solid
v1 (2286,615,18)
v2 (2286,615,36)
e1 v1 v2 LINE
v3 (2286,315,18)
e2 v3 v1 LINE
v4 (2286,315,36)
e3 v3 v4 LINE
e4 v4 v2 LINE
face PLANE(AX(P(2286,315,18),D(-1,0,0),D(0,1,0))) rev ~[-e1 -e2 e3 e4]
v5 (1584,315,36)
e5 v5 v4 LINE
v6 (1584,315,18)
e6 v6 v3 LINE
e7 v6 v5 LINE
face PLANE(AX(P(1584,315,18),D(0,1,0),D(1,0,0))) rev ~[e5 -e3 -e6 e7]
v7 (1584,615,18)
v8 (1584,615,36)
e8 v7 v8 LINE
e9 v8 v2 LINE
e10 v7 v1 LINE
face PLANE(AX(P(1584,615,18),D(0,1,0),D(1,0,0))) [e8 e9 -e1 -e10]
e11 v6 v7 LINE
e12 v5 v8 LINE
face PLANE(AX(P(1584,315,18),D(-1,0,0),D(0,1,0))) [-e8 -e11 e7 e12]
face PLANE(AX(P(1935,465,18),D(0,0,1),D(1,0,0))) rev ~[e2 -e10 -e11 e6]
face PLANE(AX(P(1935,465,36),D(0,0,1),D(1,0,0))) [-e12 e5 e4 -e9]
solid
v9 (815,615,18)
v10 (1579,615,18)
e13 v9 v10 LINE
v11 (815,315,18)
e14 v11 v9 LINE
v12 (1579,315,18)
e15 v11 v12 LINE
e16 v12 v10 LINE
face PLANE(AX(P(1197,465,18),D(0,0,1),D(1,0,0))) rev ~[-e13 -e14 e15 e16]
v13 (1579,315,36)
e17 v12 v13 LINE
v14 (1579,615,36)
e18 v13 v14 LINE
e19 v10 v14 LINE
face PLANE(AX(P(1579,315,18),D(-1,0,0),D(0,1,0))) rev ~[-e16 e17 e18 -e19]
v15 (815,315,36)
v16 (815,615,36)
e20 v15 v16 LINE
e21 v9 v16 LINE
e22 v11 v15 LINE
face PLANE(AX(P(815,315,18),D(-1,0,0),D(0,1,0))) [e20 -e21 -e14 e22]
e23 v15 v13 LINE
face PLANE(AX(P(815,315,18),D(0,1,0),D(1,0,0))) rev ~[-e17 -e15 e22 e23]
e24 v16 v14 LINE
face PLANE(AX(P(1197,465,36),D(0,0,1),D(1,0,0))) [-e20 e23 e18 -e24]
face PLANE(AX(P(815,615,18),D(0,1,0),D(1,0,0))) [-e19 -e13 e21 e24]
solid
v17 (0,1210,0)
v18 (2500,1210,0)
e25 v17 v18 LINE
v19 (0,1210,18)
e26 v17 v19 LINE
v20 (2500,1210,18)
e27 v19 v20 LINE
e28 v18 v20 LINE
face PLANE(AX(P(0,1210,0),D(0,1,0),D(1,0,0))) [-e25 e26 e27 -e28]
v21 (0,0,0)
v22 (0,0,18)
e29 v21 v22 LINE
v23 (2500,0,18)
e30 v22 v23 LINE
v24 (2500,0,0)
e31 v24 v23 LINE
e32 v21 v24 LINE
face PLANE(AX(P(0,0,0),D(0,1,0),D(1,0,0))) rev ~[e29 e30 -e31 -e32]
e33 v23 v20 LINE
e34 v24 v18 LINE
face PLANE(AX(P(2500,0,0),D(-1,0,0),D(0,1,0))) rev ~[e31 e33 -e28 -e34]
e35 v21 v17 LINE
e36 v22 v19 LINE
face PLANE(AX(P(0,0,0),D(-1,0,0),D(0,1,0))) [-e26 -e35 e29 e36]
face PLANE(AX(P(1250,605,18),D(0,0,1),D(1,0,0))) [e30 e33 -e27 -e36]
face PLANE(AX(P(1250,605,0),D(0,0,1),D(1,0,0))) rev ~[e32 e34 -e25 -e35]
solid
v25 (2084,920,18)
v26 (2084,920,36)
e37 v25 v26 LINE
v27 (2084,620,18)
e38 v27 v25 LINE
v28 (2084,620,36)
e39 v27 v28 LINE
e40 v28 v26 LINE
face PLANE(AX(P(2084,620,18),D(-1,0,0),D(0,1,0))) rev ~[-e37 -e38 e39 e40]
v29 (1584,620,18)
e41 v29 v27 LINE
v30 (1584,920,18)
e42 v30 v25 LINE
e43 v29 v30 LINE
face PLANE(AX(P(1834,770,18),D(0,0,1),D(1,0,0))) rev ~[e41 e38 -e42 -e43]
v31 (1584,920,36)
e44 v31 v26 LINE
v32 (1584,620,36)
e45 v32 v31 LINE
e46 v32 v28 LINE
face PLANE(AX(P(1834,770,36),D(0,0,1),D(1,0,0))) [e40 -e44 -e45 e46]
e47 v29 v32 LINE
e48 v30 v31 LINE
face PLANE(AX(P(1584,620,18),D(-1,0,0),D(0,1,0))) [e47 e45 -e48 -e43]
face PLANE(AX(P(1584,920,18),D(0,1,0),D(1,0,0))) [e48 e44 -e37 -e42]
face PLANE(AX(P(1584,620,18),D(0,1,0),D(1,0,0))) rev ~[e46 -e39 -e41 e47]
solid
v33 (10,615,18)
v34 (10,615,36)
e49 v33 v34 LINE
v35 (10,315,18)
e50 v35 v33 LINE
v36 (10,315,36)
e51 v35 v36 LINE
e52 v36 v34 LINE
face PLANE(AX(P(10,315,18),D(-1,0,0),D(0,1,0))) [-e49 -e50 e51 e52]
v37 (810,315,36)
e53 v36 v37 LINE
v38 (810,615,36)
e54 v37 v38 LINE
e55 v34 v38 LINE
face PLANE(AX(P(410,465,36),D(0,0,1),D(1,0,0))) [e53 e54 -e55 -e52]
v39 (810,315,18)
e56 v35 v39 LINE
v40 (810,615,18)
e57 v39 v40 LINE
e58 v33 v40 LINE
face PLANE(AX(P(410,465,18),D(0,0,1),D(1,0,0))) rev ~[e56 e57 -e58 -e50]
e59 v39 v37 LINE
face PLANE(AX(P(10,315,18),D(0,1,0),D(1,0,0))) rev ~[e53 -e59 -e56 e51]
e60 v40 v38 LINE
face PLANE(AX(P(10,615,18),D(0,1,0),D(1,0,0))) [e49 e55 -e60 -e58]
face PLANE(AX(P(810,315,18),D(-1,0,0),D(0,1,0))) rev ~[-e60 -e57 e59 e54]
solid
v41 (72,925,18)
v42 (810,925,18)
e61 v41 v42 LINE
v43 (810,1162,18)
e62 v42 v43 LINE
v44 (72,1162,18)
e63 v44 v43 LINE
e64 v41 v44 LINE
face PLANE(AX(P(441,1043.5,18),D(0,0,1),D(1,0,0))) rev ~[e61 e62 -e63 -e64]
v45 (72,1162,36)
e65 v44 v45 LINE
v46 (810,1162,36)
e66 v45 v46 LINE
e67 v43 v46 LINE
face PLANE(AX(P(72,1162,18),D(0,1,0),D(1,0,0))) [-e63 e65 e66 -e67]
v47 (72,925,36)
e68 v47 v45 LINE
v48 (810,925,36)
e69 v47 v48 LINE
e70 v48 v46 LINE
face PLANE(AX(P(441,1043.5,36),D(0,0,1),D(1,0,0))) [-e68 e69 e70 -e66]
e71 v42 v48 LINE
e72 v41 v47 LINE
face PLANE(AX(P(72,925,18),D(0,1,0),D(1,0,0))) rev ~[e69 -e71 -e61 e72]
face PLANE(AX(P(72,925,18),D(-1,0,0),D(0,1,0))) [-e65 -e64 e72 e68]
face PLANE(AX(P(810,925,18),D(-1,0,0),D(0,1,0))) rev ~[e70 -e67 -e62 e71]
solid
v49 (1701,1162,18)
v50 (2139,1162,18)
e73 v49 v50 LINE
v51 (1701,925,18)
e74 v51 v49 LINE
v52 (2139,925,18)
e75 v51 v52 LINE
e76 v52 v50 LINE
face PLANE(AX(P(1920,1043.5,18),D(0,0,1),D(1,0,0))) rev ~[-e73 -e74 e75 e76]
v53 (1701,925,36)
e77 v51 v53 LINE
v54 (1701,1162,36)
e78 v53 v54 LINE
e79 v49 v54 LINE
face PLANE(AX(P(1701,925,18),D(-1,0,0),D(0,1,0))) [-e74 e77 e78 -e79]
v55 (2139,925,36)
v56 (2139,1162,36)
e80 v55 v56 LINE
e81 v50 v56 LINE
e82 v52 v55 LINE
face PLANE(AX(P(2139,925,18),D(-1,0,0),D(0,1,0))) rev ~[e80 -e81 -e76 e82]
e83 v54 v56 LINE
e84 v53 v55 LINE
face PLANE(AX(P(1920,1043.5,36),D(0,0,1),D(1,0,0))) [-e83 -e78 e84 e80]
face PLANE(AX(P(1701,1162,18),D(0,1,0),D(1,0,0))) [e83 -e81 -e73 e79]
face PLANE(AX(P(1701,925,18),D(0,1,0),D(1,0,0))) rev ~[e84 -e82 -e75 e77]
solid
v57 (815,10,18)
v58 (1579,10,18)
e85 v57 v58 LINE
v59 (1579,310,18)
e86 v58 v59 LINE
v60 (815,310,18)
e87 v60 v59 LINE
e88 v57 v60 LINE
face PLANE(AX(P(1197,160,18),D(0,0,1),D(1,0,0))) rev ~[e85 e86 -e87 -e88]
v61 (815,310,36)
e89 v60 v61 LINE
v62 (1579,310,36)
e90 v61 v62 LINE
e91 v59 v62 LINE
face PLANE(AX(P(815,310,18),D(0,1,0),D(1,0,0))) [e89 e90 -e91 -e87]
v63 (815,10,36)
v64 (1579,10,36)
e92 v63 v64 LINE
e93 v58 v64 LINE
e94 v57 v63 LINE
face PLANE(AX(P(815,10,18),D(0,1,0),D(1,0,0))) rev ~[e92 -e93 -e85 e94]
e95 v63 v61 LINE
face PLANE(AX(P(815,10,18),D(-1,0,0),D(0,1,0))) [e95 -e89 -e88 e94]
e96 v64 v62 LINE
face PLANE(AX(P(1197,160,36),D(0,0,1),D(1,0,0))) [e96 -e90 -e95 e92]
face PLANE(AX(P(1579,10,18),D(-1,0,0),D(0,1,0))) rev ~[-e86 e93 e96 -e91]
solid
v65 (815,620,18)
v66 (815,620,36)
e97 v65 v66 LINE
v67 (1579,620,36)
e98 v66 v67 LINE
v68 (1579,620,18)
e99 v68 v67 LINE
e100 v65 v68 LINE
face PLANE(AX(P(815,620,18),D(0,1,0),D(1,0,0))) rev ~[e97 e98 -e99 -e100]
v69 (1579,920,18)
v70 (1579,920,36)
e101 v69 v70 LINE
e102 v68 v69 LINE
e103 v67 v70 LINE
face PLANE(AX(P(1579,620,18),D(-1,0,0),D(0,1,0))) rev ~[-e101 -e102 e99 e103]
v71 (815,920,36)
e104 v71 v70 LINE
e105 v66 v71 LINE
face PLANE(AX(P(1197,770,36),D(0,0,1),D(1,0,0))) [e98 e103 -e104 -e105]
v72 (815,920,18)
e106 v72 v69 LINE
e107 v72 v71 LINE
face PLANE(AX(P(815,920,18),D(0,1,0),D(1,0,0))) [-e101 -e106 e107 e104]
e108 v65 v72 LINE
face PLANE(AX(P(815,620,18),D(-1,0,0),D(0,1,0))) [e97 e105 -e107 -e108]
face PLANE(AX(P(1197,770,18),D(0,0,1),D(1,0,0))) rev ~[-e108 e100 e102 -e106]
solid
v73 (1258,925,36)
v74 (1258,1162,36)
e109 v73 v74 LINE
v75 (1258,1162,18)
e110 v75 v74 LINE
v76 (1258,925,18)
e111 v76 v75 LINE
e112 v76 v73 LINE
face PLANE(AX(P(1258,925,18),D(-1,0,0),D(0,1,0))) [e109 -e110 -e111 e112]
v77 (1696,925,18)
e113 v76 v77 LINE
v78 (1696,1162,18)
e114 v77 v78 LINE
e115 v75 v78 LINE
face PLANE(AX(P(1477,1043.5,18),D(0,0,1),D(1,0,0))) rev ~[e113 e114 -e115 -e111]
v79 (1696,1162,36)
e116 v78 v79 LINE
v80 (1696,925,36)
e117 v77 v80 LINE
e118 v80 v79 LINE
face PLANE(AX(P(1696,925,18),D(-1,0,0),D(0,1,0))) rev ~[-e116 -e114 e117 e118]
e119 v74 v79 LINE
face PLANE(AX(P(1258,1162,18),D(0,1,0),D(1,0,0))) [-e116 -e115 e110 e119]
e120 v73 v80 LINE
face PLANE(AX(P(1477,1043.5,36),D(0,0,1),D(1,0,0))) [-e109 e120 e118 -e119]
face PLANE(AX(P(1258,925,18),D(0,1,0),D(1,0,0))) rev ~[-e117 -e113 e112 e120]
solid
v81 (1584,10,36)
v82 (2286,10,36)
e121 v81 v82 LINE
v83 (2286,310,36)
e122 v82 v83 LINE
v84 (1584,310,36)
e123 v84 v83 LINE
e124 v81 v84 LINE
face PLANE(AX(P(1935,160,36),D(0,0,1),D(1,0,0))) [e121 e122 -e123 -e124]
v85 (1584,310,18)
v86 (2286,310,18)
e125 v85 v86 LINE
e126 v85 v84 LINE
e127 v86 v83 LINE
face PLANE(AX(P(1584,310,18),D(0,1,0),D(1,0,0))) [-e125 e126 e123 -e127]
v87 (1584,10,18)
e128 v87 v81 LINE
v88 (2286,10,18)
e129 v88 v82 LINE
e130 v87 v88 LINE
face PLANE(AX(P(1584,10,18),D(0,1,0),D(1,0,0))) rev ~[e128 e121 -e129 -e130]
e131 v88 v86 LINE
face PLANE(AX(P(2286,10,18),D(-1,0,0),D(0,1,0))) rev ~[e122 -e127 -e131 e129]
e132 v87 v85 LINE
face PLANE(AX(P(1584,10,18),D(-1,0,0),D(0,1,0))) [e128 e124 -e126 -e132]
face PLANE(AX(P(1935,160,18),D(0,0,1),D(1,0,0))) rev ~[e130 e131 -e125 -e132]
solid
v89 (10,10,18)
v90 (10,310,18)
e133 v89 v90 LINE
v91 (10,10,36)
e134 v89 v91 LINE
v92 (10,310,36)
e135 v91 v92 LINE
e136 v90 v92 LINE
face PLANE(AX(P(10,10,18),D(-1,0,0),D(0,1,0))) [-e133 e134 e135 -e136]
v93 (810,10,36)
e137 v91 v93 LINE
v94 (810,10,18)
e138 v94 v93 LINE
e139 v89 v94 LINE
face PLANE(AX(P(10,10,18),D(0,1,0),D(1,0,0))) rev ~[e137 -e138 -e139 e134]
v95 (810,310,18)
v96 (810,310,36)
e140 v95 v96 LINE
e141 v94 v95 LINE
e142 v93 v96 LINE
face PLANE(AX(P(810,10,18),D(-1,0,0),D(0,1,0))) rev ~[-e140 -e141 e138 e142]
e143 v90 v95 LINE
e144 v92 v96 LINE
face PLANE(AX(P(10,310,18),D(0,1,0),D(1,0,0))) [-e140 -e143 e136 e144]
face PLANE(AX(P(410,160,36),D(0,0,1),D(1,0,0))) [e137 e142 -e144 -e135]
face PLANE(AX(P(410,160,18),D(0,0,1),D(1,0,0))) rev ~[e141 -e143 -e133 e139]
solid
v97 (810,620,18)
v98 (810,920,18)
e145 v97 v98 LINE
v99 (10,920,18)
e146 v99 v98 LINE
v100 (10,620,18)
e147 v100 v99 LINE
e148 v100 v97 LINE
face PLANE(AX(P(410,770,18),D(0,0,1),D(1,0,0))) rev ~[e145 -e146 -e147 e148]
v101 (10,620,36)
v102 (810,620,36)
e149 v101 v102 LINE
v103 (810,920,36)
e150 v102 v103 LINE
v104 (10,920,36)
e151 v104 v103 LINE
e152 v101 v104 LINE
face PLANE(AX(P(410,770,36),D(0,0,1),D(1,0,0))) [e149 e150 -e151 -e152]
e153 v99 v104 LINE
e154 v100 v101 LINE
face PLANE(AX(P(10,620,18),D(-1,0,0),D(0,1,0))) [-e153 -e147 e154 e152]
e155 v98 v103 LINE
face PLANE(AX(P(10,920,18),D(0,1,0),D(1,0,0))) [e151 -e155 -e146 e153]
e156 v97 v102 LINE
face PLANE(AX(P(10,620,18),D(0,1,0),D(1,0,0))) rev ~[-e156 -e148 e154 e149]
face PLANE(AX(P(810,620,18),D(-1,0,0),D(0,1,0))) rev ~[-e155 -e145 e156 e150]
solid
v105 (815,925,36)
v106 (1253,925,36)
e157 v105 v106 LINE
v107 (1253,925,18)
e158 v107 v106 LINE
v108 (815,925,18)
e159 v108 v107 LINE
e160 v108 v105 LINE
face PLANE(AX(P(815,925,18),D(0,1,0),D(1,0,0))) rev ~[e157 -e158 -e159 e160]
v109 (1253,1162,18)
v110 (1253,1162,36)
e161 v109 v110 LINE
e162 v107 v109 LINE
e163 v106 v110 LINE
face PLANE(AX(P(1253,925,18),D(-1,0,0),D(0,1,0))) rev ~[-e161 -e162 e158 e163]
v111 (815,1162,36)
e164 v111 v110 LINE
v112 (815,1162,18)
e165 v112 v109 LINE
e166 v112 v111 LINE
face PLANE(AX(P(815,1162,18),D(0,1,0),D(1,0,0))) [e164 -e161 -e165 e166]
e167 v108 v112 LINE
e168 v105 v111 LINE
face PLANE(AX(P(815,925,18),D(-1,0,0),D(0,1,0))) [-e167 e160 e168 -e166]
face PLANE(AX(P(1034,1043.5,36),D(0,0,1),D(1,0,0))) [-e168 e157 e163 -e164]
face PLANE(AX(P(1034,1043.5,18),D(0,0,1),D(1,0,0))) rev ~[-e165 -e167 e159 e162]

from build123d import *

# Parameters (mm, degrees)
F0_W     = 2500
F0_H     = 1210
F1_DEPTH = 18
F2_W     = 738
F2_H     = 237
F2_W_2   = 800
F2_H_2   = 300
F2_W_3   = 764
F2_W_4   = 438
F2_W_5   = 500
F2_W_6   = 702
F3_DEPTH = 18


with BuildPart() as f1:
    # F0 (on Top) → F1 (new body)
    with BuildSketch(Plane.XY):
        with Locations((1250, 605)):
            Rectangle(F0_W, F0_H)
    extrude(amount=F1_DEPTH)


with BuildPart() as f3:
    # F2 (on face) → F3 (new body)
    with BuildSketch(Plane.XY.offset(18)):
        with Locations((441, 1043.5)):
            Rectangle(F2_W, F2_H)
        with Locations((410, 770)):
            Rectangle(F2_W_2, F2_H_2)
        with Locations((410, 465)):
            Rectangle(F2_W_2, F2_H_2)
        with Locations((410, 160)):
            Rectangle(F2_W_2, F2_H_2)
        with Locations((1197, 160)):
            Rectangle(F2_W_3, F2_H_2)
        with Locations((1197, 465)):
            Rectangle(F2_W_3, F2_H_2)
        with Locations((1197, 770)):
            Rectangle(F2_W_3, F2_H_2)
        with Locations((1034, 1043.5)):
            Rectangle(F2_W_4, F2_H)
        with Locations((1477, 1043.5)):
            Rectangle(F2_W_4, F2_H)
        with Locations((1920, 1043.5)):
            Rectangle(F2_W_4, F2_H)
        with Locations((1834, 770)):
            Rectangle(F2_W_5, F2_H_2)
        with Locations((1935, 465)):
            Rectangle(F2_W_6, F2_H_2)
        with Locations((1935, 160)):
            Rectangle(F2_W_6, F2_H_2)
    extrude(amount=F3_DEPTH)


solid = Compound([f1.part, f3.part])
